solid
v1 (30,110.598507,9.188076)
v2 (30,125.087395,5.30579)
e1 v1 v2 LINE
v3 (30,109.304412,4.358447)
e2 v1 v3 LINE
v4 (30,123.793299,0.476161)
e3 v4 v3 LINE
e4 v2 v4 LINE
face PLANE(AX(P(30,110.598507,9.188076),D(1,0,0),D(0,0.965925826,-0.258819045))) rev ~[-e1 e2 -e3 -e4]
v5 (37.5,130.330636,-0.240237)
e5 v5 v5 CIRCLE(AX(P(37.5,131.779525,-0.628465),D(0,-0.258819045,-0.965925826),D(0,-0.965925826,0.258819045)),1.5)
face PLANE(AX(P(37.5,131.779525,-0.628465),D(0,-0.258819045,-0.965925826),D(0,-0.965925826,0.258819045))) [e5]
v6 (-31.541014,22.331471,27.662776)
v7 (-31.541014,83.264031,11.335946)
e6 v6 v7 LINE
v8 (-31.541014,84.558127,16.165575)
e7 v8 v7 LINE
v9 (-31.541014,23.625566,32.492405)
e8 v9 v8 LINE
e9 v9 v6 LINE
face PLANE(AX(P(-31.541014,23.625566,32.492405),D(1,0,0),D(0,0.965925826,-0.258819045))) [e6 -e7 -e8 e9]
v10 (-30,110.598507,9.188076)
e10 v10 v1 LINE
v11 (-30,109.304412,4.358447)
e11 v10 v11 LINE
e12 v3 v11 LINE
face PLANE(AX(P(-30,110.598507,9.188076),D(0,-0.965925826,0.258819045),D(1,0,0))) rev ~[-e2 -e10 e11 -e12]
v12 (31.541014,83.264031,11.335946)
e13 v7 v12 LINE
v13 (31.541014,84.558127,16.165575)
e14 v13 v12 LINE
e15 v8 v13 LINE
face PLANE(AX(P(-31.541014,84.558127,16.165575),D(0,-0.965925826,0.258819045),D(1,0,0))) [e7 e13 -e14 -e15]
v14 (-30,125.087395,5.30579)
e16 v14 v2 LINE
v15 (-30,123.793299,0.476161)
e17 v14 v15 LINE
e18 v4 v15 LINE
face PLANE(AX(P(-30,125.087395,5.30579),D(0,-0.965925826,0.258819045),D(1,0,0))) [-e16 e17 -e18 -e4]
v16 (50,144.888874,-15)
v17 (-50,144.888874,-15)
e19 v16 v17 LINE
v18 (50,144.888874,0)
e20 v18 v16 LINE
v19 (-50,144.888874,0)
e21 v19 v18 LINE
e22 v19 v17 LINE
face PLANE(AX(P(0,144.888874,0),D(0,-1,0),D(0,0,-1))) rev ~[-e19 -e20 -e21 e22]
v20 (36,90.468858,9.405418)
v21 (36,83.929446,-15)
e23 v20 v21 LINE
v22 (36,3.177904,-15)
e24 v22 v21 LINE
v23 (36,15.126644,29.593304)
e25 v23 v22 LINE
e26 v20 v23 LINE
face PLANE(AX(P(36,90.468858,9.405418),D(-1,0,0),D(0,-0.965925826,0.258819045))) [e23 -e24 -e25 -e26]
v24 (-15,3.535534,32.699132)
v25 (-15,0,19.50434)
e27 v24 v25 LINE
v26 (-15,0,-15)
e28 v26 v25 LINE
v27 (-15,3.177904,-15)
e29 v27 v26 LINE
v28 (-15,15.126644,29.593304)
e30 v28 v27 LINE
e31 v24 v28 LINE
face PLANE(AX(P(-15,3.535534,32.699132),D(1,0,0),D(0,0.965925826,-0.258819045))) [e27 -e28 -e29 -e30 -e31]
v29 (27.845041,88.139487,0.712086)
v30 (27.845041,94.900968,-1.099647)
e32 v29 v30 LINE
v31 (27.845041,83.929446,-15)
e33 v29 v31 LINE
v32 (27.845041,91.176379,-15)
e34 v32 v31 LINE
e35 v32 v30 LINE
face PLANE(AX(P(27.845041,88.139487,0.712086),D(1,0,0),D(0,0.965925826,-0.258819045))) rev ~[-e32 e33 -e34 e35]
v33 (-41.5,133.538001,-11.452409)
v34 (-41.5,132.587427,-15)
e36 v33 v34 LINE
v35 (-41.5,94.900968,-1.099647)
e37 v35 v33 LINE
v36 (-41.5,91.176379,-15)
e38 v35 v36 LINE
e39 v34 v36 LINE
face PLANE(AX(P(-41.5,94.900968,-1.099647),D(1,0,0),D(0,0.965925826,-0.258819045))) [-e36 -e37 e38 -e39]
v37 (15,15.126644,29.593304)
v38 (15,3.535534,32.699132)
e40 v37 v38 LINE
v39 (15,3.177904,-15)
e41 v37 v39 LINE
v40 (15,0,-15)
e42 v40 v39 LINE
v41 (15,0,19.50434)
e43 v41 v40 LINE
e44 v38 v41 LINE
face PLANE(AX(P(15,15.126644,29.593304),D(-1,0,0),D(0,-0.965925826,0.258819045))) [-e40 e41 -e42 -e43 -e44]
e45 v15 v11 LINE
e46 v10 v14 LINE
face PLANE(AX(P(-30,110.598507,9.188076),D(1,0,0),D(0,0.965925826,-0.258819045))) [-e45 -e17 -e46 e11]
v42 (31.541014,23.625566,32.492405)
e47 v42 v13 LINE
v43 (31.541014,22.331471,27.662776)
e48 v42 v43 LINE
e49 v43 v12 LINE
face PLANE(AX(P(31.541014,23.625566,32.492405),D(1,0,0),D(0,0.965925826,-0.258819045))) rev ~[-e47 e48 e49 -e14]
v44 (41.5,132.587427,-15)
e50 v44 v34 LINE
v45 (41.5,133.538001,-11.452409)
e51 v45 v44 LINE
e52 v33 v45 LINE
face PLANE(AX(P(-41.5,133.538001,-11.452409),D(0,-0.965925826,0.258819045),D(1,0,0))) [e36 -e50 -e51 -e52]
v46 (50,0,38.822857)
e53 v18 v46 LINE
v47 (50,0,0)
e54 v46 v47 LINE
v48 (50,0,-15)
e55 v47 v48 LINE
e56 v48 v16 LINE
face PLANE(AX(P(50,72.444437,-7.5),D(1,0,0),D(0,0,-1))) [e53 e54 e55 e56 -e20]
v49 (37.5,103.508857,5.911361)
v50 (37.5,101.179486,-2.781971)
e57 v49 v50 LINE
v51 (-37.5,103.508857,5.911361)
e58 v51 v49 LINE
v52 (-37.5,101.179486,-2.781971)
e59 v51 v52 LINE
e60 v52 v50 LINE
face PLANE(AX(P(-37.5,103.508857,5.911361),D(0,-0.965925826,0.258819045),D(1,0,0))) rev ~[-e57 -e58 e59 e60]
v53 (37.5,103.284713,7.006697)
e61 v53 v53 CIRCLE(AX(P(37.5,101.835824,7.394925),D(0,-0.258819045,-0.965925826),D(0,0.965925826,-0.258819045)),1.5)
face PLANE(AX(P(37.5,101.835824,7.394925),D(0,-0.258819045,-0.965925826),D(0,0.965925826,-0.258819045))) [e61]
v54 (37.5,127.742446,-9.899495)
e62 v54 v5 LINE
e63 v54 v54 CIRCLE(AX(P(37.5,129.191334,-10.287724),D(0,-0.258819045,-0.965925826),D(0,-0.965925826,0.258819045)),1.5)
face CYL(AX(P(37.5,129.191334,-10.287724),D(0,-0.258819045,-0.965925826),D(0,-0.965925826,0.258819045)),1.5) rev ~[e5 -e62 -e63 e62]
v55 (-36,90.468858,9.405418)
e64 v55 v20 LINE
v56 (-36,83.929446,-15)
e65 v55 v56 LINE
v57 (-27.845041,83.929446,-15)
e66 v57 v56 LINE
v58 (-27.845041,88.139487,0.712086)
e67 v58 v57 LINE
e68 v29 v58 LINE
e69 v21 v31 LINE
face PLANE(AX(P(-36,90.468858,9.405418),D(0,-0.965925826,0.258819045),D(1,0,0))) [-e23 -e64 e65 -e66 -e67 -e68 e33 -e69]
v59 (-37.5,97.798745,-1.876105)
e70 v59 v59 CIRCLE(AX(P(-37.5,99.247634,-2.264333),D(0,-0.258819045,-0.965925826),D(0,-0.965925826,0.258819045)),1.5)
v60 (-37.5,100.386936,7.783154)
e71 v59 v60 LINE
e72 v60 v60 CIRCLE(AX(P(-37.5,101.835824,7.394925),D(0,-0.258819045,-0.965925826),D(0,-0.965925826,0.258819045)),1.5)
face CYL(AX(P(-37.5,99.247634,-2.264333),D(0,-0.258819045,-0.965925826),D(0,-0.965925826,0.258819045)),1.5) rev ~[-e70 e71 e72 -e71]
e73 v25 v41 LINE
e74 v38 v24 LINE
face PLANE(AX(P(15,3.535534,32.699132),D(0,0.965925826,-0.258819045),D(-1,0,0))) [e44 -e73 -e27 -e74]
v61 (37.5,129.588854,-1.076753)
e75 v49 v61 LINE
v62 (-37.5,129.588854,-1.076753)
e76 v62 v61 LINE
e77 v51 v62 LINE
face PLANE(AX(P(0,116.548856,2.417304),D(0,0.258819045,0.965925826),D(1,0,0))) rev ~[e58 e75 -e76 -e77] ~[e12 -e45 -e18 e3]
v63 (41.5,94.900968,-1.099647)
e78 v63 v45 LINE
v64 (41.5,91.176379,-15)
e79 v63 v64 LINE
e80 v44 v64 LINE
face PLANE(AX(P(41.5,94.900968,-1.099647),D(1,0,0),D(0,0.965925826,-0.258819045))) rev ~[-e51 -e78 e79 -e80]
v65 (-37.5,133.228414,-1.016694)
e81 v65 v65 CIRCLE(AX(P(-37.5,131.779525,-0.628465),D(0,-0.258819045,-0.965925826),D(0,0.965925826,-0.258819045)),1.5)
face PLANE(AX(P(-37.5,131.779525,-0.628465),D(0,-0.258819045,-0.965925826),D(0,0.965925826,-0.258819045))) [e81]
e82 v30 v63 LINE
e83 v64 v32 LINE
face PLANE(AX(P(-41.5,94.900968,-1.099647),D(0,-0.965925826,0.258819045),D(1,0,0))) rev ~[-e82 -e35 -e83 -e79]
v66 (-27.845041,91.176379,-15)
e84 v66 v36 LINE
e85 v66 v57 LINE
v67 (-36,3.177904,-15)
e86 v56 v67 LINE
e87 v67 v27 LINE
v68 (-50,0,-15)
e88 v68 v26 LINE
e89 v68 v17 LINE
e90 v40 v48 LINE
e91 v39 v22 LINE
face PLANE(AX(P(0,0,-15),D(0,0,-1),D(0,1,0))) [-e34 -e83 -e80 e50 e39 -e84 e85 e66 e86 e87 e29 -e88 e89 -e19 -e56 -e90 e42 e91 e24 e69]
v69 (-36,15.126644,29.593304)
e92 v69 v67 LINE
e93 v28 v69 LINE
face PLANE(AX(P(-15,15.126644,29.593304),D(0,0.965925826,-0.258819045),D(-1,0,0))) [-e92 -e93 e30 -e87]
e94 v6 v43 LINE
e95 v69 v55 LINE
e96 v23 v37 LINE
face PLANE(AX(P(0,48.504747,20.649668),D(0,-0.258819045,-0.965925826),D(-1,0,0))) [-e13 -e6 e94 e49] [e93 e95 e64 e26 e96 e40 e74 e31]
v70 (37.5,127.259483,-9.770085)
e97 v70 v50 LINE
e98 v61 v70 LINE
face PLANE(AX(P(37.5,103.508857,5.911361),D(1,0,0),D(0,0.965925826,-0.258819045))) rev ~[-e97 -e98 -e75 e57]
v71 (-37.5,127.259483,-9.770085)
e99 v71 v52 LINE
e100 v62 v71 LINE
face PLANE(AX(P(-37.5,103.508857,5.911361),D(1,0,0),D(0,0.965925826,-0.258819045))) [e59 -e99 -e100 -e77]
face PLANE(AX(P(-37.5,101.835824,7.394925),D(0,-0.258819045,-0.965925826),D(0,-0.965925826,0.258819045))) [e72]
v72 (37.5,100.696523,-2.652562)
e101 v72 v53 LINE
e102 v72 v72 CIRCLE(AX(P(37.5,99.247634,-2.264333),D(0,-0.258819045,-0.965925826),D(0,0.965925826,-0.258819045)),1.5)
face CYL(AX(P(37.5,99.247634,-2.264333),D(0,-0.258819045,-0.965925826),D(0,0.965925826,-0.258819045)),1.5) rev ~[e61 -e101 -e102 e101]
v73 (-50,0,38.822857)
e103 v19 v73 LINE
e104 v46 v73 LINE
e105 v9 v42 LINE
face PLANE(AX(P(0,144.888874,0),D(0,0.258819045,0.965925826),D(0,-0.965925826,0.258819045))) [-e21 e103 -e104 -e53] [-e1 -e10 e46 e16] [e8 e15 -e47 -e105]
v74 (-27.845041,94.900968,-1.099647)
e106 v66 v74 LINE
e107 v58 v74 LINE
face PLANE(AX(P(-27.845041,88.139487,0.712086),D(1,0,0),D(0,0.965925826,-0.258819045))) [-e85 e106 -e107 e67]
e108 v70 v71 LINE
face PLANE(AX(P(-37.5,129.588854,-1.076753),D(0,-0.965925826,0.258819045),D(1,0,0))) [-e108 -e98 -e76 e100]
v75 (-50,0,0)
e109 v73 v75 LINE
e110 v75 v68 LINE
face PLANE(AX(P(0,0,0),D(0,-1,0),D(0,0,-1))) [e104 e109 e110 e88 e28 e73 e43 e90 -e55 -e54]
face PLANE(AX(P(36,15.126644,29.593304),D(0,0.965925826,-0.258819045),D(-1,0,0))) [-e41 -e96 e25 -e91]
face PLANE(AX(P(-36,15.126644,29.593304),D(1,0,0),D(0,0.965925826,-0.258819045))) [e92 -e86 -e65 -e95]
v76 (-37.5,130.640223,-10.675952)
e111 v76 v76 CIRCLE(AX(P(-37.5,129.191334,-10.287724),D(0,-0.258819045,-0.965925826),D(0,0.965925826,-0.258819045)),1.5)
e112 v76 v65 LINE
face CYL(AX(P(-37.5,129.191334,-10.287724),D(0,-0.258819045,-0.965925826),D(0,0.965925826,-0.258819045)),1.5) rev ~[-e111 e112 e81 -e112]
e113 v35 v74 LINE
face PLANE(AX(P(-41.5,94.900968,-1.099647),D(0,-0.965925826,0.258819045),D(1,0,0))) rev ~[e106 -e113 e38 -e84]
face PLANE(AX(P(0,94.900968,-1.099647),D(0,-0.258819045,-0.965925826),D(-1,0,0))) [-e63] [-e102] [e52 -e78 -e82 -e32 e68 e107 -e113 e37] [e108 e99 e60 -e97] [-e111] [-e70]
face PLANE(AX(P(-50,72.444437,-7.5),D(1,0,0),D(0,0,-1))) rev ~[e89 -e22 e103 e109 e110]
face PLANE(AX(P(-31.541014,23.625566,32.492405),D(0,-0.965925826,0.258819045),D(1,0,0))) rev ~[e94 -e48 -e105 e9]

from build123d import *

# Parameters (mm, degrees)
BOSS_EXTRUDE1_DEPTH = 50
SKETCH5_W           = 15
SKETCH5_H           = 144.888873943
BOSS_EXTRUDE2_DEPTH = 50
SKETCH3_W           = 63.082028678
SKETCH3_H           = 63.082028678
SKETCH3_W_2         = 60
SKETCH3_H_2         = 15
CUT_EXTRUDE1_DEPTH  = 153.964709483
CUT_EXTRUDE2_START  = -5
SKETCH4_W           = 75
SKETCH4_H           = 27
CUT_EXTRUDE2_DEPTH  = 148.964709483
CUT_EXTRUDE3_START  = -14
SKETCH6_W           = 83
SKETCH6_H           = 40
CUT_EXTRUDE3_DEPTH  = 100
SKETCH7_R           = 1.5
CUT_EXTRUDE4_DEPTH  = 10
SKETCH8_W           = 55.690082514
SKETCH8_H           = 14
CUT_EXTRUDE5_DEPTH  = 153.277751166


with BuildPart() as part:
    # Sketch1 → Boss-Extrude1 (new, symmetric)
    with BuildSketch(Plane(origin=(0, 0, 0), x_dir=(0, 0, -1), z_dir=(1, 0, 0))):
        Polygon((0, 0), (0, 144.888873943), (-38.822856765, 0), align=None)
    extrude(amount=BOSS_EXTRUDE1_DEPTH, both=True)

    # Sketch5 → Boss-Extrude2 (add, symmetric)
    with BuildSketch(Plane(origin=(0, 0, 0), x_dir=(0, 0, -1), z_dir=(1, 0, 0))):
        with Locations((7.5, 72.444436972)):
            Rectangle(SKETCH5_W, SKETCH5_H)
    extrude(amount=BOSS_EXTRUDE2_DEPTH, both=True)

    # Sketch3 → Cut-Extrude1 (cut, through all)
    with BuildSketch(Plane(origin=(0, 9.705714191, 36.222218486), x_dir=(1, 0, 0), z_dir=(0, 0.25881904510251436, 0.96592582628907))):
        with Locations((0, 45.951905284)):
            Rectangle(SKETCH3_W, SKETCH3_H)
        with Locations((0, 111.951905284)):
            Rectangle(SKETCH3_W_2, SKETCH3_H_2)
    extrude(amount=-CUT_EXTRUDE1_DEPTH, mode=Mode.SUBTRACT)

    # Sketch4 → Cut-Extrude2 (cut, through all)
    with BuildSketch(Plane(origin=(0, 9.705714191, 36.222218486), x_dir=(1, 0, 0), z_dir=(0, 0.25881904510251436, 0.96592582628907)).offset(CUT_EXTRUDE2_START)):
        Polygon((-36, 84.951905284), (36, 84.951905284), (36, 6.951905284), (15, 6.951905284), (15, -5.048094716), (-15, -5.048094716), (-15, 6.951905284), (-36, 6.951905284), align=None)
        with Locations((0, 111.951905284)):
            Rectangle(SKETCH4_W, SKETCH4_H)
    extrude(amount=-CUT_EXTRUDE2_DEPTH, mode=Mode.SUBTRACT)

    # Sketch6 → Cut-Extrude3 (cut)
    with BuildSketch(Plane(origin=(0, 9.705714191, 36.222218486), x_dir=(1, 0, 0), z_dir=(0, 0.25881904510251436, 0.96592582628907)).offset(CUT_EXTRUDE3_START)):
        with Locations((0, 111.951905284)):
            Rectangle(SKETCH6_W, SKETCH6_H)
    extrude(amount=-CUT_EXTRUDE3_DEPTH, mode=Mode.SUBTRACT)

    # Sketch7 → Cut-Extrude4 (cut)
    with BuildSketch(Plane(origin=(0, 6.08224756, 22.699256918), x_dir=(-1, 0, 0), z_dir=(0, -0.25881904510251436, -0.96592582628907))):
        with Locations(Location((37.5, 127.451905284, 0), (0, 0, 90))):
            Circle(SKETCH7_R)
        with Locations(Location((-37.5, 127.451905284, 0), (0, 0, 270))):
            Circle(SKETCH7_R)
        with Locations(Location((37.5, 96.451905284, 0), (0, 0, 270))):
            Circle(SKETCH7_R)
        with Locations(Location((-37.5, 96.451905284, 0), (0, 0, 90))):
            Circle(SKETCH7_R)
    extrude(amount=-CUT_EXTRUDE4_DEPTH, mode=Mode.SUBTRACT)

    # Sketch8 → Cut-Extrude5 (cut, through all)
    with BuildSketch(Plane(origin=(0, 6.08224756, 22.699256918), x_dir=(-1, 0, 0), z_dir=(0, -0.25881904510251436, -0.96592582628907))):
        with Locations((0, 91.951905284)):
            Rectangle(SKETCH8_W, SKETCH8_H)
    extrude(amount=CUT_EXTRUDE5_DEPTH, mode=Mode.SUBTRACT)


solid = part.part
